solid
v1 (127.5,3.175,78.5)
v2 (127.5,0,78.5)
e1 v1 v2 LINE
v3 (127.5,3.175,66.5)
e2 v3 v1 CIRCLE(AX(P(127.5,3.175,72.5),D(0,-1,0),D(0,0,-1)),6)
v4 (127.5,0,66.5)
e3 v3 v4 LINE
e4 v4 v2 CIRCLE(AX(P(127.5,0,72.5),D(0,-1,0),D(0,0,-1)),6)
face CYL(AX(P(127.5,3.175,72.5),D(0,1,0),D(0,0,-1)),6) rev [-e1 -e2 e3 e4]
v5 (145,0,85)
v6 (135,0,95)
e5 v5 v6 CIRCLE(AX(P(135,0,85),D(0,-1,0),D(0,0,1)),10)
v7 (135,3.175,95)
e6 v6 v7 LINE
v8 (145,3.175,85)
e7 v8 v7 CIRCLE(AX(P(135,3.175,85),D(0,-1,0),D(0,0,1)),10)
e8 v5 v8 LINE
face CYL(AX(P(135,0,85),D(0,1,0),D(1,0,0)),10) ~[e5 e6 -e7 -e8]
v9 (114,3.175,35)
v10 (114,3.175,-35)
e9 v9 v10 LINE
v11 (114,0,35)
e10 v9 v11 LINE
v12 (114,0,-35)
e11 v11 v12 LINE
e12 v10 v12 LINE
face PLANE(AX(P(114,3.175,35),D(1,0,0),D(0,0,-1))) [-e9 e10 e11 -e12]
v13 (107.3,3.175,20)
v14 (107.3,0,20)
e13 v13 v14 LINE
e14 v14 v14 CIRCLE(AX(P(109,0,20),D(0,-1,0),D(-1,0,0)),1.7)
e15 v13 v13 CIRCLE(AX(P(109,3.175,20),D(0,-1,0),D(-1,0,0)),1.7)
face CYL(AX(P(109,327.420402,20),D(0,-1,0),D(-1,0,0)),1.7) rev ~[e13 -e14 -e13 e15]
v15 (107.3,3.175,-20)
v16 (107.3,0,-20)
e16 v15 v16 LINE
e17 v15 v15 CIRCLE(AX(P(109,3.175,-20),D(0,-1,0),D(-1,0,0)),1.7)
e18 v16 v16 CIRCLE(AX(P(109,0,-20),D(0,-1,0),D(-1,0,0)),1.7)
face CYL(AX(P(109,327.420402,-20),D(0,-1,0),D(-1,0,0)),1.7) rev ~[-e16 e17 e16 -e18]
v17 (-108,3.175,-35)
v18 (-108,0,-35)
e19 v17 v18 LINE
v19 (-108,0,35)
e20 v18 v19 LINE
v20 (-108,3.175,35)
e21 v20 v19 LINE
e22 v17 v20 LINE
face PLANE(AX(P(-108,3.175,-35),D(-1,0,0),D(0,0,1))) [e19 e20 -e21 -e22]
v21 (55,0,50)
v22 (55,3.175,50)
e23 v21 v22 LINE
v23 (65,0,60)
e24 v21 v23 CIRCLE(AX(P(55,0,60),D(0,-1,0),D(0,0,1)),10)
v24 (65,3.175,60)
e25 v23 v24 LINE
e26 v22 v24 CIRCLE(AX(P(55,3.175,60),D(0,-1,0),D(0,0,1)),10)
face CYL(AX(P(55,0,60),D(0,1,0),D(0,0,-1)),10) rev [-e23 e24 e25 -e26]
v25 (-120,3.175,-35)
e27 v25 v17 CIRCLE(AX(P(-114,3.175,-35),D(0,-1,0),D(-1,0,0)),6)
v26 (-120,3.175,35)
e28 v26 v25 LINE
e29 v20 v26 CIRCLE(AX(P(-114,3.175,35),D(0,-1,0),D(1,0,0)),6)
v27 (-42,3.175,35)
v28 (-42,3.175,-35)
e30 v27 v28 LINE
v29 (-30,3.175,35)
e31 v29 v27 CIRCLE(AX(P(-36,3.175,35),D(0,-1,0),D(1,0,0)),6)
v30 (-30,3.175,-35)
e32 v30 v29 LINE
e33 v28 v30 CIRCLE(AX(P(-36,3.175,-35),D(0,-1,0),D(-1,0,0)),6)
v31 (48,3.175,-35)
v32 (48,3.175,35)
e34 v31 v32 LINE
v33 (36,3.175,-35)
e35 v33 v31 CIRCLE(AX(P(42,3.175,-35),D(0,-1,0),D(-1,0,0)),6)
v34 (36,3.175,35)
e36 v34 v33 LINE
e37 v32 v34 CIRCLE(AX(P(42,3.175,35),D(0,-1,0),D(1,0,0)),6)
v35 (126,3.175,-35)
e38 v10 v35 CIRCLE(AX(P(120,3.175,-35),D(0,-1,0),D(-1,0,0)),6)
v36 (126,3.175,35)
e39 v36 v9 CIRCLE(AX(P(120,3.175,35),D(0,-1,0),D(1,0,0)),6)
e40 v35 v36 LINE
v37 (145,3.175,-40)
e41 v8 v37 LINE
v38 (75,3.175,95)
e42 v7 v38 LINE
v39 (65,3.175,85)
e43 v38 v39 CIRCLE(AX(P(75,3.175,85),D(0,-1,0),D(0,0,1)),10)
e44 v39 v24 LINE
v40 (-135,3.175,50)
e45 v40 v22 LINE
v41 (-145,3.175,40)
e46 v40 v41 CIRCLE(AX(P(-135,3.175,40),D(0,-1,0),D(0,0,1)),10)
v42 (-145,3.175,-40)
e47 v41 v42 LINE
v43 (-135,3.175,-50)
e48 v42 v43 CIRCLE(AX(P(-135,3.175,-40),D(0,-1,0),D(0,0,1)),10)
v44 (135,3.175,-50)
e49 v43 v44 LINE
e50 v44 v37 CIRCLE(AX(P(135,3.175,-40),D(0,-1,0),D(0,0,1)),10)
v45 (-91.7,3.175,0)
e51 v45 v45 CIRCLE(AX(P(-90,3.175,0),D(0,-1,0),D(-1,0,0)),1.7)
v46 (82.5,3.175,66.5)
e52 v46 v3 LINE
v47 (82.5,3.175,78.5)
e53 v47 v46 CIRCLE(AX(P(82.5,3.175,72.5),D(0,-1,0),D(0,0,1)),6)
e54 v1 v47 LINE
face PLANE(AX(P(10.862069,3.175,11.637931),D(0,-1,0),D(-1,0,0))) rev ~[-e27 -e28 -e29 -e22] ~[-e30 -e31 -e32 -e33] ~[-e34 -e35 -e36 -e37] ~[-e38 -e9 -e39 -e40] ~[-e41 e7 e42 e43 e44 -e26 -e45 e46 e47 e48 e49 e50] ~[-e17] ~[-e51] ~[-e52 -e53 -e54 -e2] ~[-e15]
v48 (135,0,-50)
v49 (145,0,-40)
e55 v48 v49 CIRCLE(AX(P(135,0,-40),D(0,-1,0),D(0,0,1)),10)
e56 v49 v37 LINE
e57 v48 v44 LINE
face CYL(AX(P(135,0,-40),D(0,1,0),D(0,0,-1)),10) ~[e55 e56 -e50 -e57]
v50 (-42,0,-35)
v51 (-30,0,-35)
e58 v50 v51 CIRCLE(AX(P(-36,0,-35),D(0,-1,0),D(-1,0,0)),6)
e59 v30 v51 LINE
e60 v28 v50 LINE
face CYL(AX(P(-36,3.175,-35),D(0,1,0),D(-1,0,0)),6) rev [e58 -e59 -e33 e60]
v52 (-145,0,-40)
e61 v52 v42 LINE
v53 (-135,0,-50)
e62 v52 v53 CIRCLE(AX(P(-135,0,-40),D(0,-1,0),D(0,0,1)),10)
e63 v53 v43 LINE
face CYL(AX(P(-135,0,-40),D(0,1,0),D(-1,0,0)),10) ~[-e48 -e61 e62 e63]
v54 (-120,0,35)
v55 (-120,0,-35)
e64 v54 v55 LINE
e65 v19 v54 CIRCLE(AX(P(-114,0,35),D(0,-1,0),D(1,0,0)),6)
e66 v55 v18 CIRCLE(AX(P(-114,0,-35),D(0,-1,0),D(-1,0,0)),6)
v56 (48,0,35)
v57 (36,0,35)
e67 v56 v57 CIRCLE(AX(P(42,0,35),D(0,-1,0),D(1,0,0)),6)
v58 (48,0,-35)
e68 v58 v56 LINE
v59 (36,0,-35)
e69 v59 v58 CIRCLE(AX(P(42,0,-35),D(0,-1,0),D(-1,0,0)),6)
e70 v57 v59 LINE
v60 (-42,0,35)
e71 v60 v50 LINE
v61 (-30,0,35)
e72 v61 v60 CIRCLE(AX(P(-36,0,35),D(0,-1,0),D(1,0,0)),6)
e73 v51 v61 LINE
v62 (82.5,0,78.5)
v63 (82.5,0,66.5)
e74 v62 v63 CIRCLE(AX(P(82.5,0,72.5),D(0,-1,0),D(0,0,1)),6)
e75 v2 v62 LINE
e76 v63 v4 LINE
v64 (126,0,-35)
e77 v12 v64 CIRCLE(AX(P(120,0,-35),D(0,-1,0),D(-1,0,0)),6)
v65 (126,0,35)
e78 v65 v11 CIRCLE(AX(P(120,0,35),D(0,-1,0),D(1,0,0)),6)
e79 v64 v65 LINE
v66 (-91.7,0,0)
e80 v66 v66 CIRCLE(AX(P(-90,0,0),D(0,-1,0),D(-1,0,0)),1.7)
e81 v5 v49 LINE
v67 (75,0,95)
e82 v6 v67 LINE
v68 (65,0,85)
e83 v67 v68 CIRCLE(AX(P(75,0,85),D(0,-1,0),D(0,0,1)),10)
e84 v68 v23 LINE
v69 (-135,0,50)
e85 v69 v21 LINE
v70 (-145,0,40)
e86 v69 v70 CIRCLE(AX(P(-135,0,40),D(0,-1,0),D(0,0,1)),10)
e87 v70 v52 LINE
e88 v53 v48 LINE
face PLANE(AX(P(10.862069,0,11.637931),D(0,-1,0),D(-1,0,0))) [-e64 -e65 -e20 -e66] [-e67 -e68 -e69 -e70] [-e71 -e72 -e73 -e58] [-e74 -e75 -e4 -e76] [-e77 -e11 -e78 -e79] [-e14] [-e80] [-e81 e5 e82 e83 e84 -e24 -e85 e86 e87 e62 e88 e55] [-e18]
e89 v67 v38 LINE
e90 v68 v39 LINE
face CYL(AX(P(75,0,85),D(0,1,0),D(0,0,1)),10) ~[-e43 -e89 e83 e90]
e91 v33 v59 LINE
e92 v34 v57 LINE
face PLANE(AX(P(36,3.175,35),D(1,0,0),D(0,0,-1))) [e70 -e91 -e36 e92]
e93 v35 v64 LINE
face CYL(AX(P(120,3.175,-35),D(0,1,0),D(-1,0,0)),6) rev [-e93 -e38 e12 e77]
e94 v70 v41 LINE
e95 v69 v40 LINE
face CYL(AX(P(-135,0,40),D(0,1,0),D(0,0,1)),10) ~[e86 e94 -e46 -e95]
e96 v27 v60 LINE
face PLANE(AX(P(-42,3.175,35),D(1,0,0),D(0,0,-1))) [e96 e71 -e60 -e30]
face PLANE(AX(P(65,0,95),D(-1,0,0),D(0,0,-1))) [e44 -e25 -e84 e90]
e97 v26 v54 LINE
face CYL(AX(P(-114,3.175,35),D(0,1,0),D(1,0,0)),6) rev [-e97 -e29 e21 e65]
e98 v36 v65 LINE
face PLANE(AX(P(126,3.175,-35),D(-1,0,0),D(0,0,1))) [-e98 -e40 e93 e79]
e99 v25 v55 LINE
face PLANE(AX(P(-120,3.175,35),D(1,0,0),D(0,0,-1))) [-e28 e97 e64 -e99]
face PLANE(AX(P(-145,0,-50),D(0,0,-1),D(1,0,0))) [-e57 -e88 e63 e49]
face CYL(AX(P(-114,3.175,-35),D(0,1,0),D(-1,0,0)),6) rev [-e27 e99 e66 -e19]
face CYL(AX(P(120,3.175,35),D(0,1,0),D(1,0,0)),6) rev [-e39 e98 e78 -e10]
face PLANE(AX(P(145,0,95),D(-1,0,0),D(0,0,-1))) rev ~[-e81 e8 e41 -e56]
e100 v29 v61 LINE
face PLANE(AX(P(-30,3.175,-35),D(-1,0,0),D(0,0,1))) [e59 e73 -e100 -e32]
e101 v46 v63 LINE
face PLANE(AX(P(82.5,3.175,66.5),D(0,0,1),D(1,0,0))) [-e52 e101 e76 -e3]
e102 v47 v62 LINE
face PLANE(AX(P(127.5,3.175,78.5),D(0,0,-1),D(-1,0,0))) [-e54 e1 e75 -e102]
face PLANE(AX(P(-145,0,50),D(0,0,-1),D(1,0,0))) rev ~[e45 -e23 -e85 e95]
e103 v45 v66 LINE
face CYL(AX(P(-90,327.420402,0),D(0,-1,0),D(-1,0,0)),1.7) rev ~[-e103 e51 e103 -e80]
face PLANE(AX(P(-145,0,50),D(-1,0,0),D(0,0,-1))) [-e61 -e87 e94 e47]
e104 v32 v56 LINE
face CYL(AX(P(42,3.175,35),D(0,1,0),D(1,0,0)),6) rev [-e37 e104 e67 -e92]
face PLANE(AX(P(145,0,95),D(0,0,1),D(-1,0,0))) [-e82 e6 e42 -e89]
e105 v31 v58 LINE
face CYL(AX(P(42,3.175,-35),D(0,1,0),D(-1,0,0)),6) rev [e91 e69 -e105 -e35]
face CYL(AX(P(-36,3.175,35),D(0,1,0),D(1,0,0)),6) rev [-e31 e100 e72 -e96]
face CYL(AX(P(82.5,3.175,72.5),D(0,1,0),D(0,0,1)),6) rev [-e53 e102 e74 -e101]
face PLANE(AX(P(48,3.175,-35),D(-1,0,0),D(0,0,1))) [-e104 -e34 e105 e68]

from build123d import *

# Parameters (mm, degrees)
BOSS_EXTRUDE1_DEPTH = 3.175
FILLET1_R           = 10
STANDOFF_HOLES_D    = 3.4
CUT_EXTRUDE1_DEPTH  = 3.175


with BuildPart() as part:
    # Sketch1 → Boss-Extrude1 (new body)
    with BuildSketch(Plane(origin=(0, 0, 0), x_dir=(1, 0, 0), z_dir=(0, 1, 0))):
        Polygon((-37.5, -50), (-145, -50), (-145, 50), (145, 50), (145, -50), (145, -95), (65, -95), (65, -50), (37.5, -50), align=None)
    extrude(amount=BOSS_EXTRUDE1_DEPTH)

    # Fillet1
    fillet1_edges = [part.edges().sort_by_distance(p)[0] for p in [
        (-145, 1.5875, 50),
        (-145, 1.5875, -50),
        (145, 1.5875, -50),
        (145, 1.5875, 95),
        (65, 1.5875, 95),
        (65, 1.5875, 50),
    ]]
    fillet(fillet1_edges, radius=FILLET1_R)

    # standoff holes (through all)
    with Locations(Plane(origin=(0, 3.175, 0), x_dir=(1, 0, 0), z_dir=(0, 1, 0))):
        with Locations((-90, 0), (109, 20), (109, -20)):
            Hole(STANDOFF_HOLES_D / 2)

    # Sketch6 → Cut-Extrude1 (cut)
    with BuildSketch(Plane(origin=(0, 3.175, 0), x_dir=(1, 0, 0), z_dir=(0, 1, 0))):
        with BuildLine():
            Line((-108, 35), (-108, -35))
            ThreePointArc((-108, -35), (-114, -41), (-120, -35))
            Line((-120, -35), (-120, 35))
            ThreePointArc((-120, 35), (-114, 41), (-108, 35))
        make_face()
        with BuildLine():
            Line((-30, 35), (-30, -35))
            ThreePointArc((-30, -35), (-36, -41), (-42, -35))
            Line((-42, -35), (-42, 35))
            ThreePointArc((-42, 35), (-36, 41), (-30, 35))
        make_face()
        with BuildLine():
            Line((48, 35), (48, -35))
            ThreePointArc((48, -35), (42, -41), (36, -35))
            Line((36, -35), (36, 35))
            ThreePointArc((36, 35), (42, 41), (48, 35))
        make_face()
        with BuildLine():
            Line((126, 35), (126, -35))
            ThreePointArc((126, -35), (120, -41), (114, -35))
            Line((114, -35), (114, 35))
            ThreePointArc((114, 35), (120, 41), (126, 35))
        make_face()
        with BuildLine():
            Line((82.5, -66.5), (127.5, -66.5))
            ThreePointArc((127.5, -66.5), (133.5, -72.5), (127.5, -78.5))
            Line((127.5, -78.5), (82.5, -78.5))
            ThreePointArc((82.5, -78.5), (76.5, -72.5), (82.5, -66.5))
        make_face()
    extrude(amount=-CUT_EXTRUDE1_DEPTH, mode=Mode.SUBTRACT)


solid = part.part
